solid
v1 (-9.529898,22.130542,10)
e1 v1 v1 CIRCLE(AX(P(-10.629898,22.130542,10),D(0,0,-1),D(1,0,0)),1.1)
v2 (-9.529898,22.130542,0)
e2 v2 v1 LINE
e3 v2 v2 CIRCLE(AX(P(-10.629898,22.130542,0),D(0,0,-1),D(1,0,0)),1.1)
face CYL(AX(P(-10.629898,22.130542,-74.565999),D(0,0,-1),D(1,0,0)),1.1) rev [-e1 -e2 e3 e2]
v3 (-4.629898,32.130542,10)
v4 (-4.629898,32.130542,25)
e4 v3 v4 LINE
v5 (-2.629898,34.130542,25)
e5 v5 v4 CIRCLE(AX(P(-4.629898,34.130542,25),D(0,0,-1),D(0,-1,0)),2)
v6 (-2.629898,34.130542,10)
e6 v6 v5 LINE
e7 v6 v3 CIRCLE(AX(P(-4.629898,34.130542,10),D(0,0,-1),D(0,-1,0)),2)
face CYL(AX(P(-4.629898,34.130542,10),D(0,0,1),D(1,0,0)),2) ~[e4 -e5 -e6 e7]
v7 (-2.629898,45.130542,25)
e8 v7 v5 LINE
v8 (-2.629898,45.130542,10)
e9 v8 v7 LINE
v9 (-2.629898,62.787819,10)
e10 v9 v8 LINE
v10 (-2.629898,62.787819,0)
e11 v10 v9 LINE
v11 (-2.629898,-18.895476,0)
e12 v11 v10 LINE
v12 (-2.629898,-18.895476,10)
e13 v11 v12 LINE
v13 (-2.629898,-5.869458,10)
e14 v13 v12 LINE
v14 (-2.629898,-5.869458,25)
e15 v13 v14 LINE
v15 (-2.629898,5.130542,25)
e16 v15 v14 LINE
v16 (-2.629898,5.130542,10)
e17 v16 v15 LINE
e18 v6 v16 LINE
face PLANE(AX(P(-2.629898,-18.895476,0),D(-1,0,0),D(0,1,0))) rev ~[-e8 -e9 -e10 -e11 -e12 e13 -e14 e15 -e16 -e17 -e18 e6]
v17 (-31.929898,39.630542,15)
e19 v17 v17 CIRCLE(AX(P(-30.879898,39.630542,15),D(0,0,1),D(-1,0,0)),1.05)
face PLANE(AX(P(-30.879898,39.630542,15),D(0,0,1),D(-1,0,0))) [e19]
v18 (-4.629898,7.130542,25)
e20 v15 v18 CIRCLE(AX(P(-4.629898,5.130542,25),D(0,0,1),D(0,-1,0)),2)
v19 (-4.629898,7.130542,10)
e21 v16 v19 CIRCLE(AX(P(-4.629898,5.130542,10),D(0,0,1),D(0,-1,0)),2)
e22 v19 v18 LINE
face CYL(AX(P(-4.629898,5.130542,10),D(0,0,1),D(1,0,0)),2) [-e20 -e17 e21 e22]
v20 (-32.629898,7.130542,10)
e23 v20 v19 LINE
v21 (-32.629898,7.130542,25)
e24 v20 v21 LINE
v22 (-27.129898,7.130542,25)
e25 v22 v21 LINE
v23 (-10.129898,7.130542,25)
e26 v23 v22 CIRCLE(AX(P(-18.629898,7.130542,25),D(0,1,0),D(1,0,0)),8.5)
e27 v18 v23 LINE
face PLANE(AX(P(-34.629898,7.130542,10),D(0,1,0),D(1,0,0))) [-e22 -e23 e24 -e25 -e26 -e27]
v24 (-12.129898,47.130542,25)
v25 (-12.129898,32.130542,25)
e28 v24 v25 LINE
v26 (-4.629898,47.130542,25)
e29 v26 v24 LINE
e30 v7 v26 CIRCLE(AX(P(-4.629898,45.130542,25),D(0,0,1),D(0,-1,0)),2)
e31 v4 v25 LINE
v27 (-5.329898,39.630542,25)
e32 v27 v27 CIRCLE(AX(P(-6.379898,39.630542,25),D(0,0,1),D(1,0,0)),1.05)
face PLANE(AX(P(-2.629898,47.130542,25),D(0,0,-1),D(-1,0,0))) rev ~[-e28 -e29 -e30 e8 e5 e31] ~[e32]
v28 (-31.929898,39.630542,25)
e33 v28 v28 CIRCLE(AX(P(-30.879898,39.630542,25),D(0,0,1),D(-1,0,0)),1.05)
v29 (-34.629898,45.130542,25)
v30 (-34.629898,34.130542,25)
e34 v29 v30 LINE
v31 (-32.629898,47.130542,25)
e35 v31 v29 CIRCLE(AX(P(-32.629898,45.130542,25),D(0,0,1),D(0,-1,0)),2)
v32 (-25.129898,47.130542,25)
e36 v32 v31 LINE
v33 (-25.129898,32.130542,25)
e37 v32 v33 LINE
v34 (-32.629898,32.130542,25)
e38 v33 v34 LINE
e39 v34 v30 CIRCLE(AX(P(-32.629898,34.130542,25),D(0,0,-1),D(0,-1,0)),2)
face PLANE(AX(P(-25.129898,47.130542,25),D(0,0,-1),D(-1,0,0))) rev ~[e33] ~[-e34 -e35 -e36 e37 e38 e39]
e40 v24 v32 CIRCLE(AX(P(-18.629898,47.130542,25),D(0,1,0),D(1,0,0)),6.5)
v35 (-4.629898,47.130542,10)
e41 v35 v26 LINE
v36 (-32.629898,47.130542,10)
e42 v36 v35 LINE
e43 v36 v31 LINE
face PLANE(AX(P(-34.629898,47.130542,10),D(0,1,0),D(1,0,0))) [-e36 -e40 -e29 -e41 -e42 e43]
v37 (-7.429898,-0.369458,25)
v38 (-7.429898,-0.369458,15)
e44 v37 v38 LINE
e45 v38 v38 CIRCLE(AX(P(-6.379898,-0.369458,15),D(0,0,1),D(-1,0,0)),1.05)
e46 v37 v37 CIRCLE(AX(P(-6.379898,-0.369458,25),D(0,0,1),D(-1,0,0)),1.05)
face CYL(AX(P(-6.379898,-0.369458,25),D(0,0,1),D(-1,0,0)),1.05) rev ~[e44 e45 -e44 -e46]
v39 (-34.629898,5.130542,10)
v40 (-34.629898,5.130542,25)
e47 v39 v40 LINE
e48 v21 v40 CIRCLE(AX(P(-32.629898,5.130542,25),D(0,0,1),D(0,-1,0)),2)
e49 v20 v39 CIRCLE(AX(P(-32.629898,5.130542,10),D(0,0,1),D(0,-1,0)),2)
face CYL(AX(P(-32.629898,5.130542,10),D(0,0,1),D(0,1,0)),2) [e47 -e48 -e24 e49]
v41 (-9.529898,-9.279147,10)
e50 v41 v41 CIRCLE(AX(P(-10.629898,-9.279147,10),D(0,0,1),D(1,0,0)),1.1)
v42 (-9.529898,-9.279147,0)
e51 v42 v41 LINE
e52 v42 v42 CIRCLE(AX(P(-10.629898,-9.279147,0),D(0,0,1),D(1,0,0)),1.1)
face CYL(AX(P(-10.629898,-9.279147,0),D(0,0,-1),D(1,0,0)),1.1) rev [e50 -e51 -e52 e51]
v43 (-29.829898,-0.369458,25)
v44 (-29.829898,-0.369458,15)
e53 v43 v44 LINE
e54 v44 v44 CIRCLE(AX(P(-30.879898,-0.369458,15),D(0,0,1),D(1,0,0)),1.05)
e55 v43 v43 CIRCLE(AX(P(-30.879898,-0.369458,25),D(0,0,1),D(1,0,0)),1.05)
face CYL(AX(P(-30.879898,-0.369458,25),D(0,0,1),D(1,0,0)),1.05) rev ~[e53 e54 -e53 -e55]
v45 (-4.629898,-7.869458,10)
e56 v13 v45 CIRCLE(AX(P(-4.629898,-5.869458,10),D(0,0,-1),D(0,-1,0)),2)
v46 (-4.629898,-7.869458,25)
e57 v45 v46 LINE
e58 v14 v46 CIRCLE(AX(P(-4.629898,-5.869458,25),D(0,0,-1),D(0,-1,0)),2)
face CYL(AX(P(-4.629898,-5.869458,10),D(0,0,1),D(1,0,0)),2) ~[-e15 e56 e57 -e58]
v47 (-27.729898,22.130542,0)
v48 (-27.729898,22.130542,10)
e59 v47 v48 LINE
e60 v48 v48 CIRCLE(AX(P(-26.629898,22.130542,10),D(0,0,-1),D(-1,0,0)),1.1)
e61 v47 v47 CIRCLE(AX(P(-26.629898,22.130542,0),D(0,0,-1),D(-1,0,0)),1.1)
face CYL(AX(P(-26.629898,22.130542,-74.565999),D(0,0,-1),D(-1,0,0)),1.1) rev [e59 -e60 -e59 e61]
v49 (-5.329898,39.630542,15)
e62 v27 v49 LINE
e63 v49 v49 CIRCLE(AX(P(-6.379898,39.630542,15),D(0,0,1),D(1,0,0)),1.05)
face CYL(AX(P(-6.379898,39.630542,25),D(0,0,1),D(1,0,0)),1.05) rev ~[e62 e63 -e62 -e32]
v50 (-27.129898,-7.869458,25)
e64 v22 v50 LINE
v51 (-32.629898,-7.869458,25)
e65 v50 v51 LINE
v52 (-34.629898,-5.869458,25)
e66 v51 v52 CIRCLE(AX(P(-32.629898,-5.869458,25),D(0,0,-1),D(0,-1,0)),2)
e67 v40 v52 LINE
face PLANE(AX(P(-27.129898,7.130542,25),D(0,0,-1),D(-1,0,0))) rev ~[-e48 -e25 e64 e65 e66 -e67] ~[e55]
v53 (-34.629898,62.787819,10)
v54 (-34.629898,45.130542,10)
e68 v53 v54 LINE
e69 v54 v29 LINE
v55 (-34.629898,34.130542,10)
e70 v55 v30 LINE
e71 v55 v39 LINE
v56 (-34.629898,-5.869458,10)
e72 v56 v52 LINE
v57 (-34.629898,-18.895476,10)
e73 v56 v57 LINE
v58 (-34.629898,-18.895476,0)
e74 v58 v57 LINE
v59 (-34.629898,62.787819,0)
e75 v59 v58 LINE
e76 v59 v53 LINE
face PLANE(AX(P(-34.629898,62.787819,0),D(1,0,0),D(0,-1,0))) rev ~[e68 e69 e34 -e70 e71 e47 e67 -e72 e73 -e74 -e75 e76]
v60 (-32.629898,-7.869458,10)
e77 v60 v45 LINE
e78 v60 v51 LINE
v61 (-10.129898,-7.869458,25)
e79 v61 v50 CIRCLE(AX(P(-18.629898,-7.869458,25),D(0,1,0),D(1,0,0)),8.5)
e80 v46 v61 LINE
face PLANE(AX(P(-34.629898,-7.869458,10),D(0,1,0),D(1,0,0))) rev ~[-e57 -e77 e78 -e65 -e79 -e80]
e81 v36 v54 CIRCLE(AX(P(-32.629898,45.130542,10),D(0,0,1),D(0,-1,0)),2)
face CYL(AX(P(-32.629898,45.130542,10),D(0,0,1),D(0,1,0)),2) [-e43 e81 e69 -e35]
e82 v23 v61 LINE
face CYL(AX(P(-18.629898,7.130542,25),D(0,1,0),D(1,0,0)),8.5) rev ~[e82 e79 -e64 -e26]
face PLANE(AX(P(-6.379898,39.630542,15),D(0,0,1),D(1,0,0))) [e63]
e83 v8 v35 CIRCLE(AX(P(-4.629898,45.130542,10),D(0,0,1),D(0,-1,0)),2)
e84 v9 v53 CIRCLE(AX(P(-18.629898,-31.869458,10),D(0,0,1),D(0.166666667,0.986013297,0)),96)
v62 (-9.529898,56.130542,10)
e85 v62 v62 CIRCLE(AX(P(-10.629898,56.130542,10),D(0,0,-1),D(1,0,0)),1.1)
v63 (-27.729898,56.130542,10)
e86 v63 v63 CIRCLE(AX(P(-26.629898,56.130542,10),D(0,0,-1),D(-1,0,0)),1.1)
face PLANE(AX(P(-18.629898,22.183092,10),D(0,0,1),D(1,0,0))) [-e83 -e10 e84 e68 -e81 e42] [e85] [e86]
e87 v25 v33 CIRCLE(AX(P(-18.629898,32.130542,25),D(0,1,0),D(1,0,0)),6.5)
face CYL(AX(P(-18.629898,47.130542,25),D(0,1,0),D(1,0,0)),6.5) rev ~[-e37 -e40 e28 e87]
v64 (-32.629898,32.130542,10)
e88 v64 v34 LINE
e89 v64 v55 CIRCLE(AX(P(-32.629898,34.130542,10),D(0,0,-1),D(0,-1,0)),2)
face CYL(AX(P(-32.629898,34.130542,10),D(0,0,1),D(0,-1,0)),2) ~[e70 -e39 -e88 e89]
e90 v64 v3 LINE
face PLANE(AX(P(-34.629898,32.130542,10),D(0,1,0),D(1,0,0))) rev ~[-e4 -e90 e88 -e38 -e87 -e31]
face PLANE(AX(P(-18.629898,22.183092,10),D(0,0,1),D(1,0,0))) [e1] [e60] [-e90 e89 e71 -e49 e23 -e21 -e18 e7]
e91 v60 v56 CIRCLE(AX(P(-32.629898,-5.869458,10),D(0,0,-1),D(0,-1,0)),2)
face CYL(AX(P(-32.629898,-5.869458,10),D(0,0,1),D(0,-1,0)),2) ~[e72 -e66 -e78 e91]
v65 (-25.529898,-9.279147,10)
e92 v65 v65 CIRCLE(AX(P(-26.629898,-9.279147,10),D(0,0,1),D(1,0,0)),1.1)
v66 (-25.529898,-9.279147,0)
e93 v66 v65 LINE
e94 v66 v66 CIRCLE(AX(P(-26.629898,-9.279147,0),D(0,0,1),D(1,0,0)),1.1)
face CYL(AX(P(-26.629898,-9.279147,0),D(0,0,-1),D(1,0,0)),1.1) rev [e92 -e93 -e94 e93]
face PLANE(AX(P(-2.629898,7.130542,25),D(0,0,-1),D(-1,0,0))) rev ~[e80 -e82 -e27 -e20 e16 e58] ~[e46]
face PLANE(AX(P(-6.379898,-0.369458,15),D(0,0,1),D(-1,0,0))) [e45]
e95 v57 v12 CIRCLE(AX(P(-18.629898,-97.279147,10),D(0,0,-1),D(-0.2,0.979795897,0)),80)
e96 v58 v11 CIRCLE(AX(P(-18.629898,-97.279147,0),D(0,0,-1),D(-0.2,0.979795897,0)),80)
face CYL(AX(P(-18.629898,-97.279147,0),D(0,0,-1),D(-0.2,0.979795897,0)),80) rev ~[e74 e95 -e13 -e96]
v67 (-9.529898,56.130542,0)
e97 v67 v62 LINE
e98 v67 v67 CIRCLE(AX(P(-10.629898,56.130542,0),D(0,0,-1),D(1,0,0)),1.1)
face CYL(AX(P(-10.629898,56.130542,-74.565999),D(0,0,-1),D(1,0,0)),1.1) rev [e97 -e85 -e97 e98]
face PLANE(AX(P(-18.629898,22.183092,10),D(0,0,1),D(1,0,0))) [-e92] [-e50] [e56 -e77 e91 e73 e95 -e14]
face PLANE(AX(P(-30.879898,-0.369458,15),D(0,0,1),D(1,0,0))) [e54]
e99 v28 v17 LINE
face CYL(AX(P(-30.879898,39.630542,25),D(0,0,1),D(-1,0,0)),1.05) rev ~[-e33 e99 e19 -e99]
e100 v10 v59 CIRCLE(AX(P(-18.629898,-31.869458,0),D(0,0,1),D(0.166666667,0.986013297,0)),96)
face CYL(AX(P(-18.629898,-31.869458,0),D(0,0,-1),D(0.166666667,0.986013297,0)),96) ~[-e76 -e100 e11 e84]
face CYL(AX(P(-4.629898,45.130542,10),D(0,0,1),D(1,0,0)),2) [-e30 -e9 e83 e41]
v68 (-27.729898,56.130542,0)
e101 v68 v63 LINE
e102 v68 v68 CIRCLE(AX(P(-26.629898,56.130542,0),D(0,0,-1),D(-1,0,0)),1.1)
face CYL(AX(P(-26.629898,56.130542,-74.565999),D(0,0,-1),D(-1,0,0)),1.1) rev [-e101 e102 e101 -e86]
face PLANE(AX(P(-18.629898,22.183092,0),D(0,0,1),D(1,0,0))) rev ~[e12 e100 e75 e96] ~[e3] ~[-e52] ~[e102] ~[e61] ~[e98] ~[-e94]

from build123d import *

# Parameters (mm, degrees)
SKETCH1_R               = 1.1
BOSS_EXTRUDE7_DEPTH     = 10
CUT_EXTRUDE4_DEPTH      = 74.565999455
CUT_EXTRUDE4_DEPTH_BACK = 74.565999455
SKETCH1_9_R             = 1.1
SKETCH6_W               = 32
SKETCH6_H               = 15
BOSS_EXTRUDE8_DEPTH     = 30
CUT_EXTRUDE5_DEPTH      = 16
CUT_EXTRUDE6_DEPTH      = 22
SKETCH10_R              = 1.05
CUT_EXTRUDE7_DEPTH      = 10
FILLET1_R               = 2


with BuildPart() as part:
    # Sketch1 → Boss-Extrude7 (new body)
    with BuildSketch(Plane.XY):
        with BuildLine():
            Line((-2.62989834, -18.895475724), (-2.62989834, 62.787818526))
            ThreePointArc((-2.62989834, 62.787818526), (-18.62989834, 64.130541996), (-34.62989834, 62.787818526))
            Line((-34.62989834, 62.787818526), (-34.62989834, -18.895475724))
            ThreePointArc((-34.62989834, -18.895475724), (-18.62989834, -17.279147493), (-2.62989834, -18.895475724))
        make_face()
        with Locations((-26.62989834, -9.279147493)):
            Circle(SKETCH1_R, mode=Mode.SUBTRACT)
        with Locations((-10.62989834, -9.279147493)):
            Circle(SKETCH1_R, mode=Mode.SUBTRACT)
    extrude(amount=BOSS_EXTRUDE7_DEPTH)

    # Sketch1<9> → Cut-Extrude4 (cut, two sides: drawn at the far end of the back side and taken through both)
    with BuildSketch(Plane.XY.offset(-CUT_EXTRUDE4_DEPTH_BACK)):
        with Locations((-10.62989834, 56.130541996)):
            Circle(SKETCH1_9_R)
        with Locations((-26.62989834, 56.130541996)):
            Circle(SKETCH1_9_R)
        with Locations((-10.62989834, 22.130541996)):
            Circle(SKETCH1_9_R)
        with Locations((-26.62989834, 22.130541996)):
            Circle(SKETCH1_9_R)
    extrude(amount=CUT_EXTRUDE4_DEPTH + CUT_EXTRUDE4_DEPTH_BACK, mode=Mode.SUBTRACT)

    # Sketch6 → Boss-Extrude8 (add)
    with BuildSketch(Plane.XY.offset(10)):
        with Locations((-18.62989834, -0.369458004)):
            Rectangle(SKETCH6_W, SKETCH6_H)
        with Locations((-18.62989834, 39.630541996)):
            Rectangle(SKETCH6_W, SKETCH6_H)
    extrude(amount=BOSS_EXTRUDE8_DEPTH)

    # Sketch7 → Cut-Extrude5 (cut)
    with BuildSketch(Plane(origin=(0, 47.130541996, 0), x_dir=(1, 0, 0), z_dir=(0, 1, 0))):
        with BuildLine():
            Line((-2.62989834, -40), (-2.62989834, -25))
            Line((-2.62989834, -25), (-12.12989834, -25))
            ThreePointArc((-12.12989834, -25), (-18.62989834, -18.5), (-25.12989834, -25))
            Line((-25.12989834, -25), (-34.62989834, -25))
            Line((-34.62989834, -25), (-34.62989834, -40))
            Line((-34.62989834, -40), (-2.62989834, -40))
        make_face()
    extrude(amount=-CUT_EXTRUDE5_DEPTH, mode=Mode.SUBTRACT)

    # Sketch8 → Cut-Extrude6 (cut)
    with BuildSketch(Plane(origin=(0, 7.130541996, 0), x_dir=(1, 0, 0), z_dir=(0, 1, 0))):
        with BuildLine():
            Line((-2.62989834, -25), (-10.12989834, -25))
            ThreePointArc((-10.12989834, -25), (-18.62989834, -16.5), (-27.12989834, -25))
            Line((-27.12989834, -25), (-34.62989834, -25))
            Line((-34.62989834, -25), (-34.62989834, -40))
            Line((-34.62989834, -40), (-2.62989834, -40))
            Line((-2.62989834, -40), (-2.62989834, -25))
        make_face()
    extrude(amount=-CUT_EXTRUDE6_DEPTH, mode=Mode.SUBTRACT)

    # Sketch10 → Cut-Extrude7 (cut)
    with BuildSketch(Plane.XY.offset(25)):
        with Locations((-30.87989834, -0.369458004)):
            Circle(SKETCH10_R)
        with Locations((-30.87989834, 39.630541996)):
            Circle(SKETCH10_R)
        with Locations((-6.37989834, -0.369458004)):
            Circle(SKETCH10_R)
        with Locations((-6.37989834, 39.630541996)):
            Circle(SKETCH10_R)
    extrude(amount=-CUT_EXTRUDE7_DEPTH, mode=Mode.SUBTRACT)

    # Fillet1
    fillet1_edges = [part.edges().sort_by_distance(p)[0] for p in [
        (-34.62989834, 7.130541996, 17.5),
        (-2.62989834, 7.130541996, 17.5),
        (-34.62989834, 47.130541996, 17.5),
        (-2.62989834, 47.130541996, 17.5),
        (-34.62989834, 32.130541996, 17.5),
        (-2.62989834, 32.130541996, 17.5),
        (-2.62989834, -7.869458004, 17.5),
        (-34.62989834, -7.869458004, 17.5),
    ]]
    fillet(fillet1_edges, radius=FILLET1_R)


solid = part.part
